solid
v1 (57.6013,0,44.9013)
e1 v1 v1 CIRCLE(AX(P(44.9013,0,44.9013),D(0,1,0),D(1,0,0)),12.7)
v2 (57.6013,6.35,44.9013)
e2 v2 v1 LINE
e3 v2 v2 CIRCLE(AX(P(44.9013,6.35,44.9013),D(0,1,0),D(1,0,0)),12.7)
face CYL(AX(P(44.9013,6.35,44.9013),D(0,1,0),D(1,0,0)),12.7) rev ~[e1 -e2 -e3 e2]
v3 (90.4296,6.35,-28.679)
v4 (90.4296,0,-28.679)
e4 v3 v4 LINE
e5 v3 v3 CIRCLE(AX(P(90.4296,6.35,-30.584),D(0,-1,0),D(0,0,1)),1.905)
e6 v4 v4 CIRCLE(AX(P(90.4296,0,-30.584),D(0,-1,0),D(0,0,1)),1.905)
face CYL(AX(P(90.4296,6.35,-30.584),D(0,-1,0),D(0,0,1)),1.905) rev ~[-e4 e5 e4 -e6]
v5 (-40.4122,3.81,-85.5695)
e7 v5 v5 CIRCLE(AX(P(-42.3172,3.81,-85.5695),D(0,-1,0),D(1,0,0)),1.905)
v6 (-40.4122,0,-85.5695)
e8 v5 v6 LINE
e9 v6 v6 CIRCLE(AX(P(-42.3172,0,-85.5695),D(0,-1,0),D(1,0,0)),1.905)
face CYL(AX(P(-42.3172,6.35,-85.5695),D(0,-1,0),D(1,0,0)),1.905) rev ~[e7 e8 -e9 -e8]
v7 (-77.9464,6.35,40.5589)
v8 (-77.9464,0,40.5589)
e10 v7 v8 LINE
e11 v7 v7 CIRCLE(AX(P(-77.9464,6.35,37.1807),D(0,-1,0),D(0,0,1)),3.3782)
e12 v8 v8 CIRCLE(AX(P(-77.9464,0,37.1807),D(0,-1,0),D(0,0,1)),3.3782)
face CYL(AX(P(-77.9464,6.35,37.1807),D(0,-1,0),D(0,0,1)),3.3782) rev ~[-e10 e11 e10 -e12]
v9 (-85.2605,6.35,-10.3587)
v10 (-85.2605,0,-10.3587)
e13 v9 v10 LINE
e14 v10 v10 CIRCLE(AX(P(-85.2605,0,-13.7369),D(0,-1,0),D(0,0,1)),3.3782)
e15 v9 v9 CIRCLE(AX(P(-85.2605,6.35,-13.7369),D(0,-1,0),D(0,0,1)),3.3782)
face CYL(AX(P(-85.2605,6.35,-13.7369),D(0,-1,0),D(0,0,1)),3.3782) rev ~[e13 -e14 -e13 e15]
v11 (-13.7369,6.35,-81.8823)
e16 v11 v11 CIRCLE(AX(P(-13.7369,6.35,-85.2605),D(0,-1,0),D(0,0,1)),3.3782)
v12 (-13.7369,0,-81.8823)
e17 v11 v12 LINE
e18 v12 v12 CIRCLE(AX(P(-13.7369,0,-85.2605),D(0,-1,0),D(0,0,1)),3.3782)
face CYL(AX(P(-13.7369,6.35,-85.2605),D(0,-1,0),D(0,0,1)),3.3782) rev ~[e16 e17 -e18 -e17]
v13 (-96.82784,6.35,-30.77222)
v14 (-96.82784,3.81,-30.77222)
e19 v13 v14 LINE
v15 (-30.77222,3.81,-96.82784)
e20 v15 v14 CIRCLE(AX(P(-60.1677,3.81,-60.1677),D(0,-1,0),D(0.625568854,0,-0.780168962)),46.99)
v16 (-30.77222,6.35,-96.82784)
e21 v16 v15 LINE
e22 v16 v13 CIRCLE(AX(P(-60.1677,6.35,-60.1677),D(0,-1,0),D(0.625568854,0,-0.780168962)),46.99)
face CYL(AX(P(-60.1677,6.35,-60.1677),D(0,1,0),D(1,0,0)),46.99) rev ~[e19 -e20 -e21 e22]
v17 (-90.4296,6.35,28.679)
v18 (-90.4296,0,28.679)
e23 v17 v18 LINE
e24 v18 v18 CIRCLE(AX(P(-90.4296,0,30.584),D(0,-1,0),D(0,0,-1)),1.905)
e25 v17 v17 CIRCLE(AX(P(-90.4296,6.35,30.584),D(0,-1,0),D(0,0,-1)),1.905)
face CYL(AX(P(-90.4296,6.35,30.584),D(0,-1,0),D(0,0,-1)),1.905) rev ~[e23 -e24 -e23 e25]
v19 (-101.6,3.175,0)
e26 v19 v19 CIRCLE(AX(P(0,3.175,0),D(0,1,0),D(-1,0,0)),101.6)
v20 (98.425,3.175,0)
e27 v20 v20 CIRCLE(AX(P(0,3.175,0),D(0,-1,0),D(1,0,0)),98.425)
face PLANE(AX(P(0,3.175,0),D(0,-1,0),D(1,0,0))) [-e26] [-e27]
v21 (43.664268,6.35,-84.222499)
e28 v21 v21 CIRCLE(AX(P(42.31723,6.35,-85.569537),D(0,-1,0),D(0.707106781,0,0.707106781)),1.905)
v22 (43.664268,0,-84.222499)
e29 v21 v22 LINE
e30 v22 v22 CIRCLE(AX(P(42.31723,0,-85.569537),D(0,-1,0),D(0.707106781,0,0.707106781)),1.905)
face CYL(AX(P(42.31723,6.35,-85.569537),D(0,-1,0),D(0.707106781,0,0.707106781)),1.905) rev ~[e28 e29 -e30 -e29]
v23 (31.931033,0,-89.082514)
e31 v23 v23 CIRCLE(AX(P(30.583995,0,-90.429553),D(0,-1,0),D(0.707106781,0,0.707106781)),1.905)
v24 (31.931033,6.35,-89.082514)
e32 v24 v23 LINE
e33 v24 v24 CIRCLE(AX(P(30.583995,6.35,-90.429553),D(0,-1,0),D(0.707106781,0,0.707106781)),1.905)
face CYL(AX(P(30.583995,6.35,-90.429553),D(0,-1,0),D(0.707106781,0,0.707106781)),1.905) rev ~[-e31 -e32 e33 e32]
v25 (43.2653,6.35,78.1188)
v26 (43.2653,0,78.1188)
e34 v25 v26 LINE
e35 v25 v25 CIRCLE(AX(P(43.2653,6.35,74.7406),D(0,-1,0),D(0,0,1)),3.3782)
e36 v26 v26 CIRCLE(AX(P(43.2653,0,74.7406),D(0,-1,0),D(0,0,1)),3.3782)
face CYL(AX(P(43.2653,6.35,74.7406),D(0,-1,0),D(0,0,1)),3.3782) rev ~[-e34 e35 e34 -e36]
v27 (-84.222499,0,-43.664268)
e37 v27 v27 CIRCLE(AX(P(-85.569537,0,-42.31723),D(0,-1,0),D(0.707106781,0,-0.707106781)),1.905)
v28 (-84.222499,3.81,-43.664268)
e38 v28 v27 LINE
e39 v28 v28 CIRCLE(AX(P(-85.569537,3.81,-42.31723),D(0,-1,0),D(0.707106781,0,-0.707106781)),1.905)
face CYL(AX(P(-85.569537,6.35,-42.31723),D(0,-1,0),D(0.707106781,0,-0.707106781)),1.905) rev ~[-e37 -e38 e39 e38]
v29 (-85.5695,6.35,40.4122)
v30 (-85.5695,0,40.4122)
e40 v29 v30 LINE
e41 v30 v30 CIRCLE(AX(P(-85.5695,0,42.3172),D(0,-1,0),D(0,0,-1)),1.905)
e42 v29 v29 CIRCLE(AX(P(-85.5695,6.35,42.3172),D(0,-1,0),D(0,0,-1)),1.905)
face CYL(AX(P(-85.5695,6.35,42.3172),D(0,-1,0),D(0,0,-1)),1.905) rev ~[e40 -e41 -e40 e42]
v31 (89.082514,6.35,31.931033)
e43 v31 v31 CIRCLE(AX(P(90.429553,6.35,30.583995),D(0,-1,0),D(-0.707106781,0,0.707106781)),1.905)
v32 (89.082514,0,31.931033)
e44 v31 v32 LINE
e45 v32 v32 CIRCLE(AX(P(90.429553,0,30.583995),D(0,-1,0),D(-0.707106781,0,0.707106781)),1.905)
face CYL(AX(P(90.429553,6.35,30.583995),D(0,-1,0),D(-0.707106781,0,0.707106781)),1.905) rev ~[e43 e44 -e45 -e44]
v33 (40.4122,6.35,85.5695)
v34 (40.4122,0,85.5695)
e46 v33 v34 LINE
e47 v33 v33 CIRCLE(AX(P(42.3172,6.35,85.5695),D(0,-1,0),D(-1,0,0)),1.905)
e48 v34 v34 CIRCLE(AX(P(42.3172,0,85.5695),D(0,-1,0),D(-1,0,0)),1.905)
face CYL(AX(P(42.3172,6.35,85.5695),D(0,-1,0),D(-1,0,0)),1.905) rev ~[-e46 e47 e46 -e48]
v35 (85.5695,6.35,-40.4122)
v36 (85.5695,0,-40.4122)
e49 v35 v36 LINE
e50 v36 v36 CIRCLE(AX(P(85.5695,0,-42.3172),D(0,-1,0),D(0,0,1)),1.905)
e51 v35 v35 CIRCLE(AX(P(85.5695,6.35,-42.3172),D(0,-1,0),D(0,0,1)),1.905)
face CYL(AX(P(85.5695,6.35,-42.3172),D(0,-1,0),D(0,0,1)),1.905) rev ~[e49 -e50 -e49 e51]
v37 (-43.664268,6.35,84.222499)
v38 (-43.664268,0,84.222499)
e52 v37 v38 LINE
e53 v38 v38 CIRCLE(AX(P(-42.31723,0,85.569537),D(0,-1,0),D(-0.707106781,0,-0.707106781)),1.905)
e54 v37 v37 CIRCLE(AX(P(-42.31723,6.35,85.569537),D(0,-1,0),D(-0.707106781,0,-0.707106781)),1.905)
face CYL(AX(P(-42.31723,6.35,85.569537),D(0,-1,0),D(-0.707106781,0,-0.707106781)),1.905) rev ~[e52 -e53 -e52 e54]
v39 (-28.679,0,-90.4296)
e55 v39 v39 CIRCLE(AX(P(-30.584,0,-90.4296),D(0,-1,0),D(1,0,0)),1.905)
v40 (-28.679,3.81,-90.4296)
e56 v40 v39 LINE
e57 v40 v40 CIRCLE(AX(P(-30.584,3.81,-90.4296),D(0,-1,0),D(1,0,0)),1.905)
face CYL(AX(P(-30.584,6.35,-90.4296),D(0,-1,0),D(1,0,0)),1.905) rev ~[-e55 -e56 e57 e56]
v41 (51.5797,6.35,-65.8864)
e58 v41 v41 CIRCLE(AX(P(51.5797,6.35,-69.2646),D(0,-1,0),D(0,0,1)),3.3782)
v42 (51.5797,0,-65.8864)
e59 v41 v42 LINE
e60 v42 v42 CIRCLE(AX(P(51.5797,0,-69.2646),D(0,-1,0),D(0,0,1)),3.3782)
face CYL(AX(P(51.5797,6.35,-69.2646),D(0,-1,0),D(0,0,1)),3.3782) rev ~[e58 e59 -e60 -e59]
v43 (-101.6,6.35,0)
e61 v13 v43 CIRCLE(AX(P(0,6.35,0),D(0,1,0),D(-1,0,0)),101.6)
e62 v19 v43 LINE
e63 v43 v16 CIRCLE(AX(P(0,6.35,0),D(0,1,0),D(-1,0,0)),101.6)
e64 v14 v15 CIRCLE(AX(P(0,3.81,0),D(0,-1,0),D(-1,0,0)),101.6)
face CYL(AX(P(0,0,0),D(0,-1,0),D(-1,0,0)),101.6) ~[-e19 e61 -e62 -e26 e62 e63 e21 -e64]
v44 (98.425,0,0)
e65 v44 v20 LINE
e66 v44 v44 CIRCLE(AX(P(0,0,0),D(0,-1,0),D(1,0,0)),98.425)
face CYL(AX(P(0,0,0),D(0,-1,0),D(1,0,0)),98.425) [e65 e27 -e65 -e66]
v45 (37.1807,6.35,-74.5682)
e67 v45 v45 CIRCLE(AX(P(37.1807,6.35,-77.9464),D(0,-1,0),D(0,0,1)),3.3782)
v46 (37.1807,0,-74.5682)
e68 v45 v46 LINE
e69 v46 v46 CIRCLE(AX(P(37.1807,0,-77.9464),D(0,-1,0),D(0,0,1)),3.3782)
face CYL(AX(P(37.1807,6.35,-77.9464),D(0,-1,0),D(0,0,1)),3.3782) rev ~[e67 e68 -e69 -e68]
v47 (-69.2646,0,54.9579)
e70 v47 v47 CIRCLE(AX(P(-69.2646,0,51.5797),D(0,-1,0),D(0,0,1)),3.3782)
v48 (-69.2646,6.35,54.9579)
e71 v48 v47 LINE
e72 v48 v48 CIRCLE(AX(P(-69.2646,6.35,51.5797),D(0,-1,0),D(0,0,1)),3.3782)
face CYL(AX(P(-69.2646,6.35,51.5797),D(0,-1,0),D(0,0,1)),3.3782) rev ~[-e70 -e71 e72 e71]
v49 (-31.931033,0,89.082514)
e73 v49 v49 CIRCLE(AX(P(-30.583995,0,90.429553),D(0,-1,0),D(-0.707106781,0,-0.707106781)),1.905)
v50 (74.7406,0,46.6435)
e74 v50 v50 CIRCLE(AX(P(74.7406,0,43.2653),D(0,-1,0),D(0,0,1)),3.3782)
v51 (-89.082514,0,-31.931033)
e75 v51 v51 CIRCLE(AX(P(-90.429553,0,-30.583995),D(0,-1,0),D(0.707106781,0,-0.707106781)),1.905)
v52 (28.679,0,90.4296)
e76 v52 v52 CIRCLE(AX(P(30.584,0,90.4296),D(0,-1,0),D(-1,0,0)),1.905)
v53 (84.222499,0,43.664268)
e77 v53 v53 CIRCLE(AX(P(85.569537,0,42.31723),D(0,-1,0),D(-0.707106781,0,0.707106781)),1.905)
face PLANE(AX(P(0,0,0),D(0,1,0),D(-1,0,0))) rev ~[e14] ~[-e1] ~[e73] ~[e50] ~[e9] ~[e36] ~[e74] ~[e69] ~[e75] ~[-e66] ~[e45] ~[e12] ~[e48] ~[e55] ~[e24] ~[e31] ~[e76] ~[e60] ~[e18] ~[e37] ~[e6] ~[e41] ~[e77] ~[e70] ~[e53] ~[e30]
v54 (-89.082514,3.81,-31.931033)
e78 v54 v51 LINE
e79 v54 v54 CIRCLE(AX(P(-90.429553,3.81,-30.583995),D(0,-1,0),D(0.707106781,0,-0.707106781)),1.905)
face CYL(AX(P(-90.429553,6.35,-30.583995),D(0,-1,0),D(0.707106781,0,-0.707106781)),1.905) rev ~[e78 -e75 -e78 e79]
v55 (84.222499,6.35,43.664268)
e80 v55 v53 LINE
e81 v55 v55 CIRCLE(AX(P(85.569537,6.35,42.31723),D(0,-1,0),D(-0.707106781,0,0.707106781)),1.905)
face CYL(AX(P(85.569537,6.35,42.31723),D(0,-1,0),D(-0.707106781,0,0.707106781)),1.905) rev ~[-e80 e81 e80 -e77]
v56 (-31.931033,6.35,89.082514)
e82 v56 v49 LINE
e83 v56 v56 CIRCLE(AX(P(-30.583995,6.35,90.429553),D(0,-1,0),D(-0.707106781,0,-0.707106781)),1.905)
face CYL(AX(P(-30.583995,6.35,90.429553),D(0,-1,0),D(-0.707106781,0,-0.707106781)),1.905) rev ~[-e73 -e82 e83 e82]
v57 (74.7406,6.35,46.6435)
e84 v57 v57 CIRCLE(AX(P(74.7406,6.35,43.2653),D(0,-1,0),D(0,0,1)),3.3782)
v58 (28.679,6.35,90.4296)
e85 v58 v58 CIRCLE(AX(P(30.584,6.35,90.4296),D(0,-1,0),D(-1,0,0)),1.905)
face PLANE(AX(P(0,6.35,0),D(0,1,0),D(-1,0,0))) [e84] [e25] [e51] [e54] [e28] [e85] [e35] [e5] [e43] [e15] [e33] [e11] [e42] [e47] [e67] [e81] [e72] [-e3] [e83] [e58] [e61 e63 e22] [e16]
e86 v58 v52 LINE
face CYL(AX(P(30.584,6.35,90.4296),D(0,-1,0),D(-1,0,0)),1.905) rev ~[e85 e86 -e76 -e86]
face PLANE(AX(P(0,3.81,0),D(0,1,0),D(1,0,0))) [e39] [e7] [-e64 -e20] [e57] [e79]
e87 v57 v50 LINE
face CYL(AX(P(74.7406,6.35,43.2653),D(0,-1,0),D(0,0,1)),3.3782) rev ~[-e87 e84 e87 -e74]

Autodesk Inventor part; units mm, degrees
ref_plane "YZ Plane" through (0, 0, 0) normal (1, 0, 0) x (0, 1, 0)
ref_plane "XZ Plane" through (0, 0, 0) normal (0, 1, 0) x (-1, 0, 0)
ref_plane "XY Plane" through (0, 0, 0) normal (0, 0, 1) x (1, 0, 0)
sketch "Sketch1" plane through (0, 0, 0) normal (0, 1, 0) x (-1, 0, 0)
  circle A0 centre (0, 0) radius 101.6
  dimension "d0" = 203.2
extrude "Extrusion1" add sketch "Sketch1" along normal blind 6.35
sketch "Sketch3" plane through (0, 6.35, 0) normal (0, 1, 0) x (1, 0, 0)
  line L0 (0, 0) -> (87.9995, 36.4506) construction
  line L1 (0, 0) -> (95.25, 0) construction
  line L2 (87.9995, 36.4506) -> (90.4296, 30.584) construction
  point P0 (85.5695, 42.3172)
  point P1 (85.5695, 42.3172)
  dimension "d14" = 95.25
  dimension "d15" = 22.5
  dimension "d16" = 6.35
  dimension "d17" = 90
hole "Hole2" at (90.4296, 6.35, -30.584) at (85.5695, 6.35, -42.3172) direction (0, -1, 0) diameter 3.81 depth 8.8646 tip angle 118 clearance for "Flat Head Machine Screw (82)" size "#6" standard "Ansi Unified Screw Threads"
pattern_circular "Circular Pattern2" count 8 over 360 about axis through (0, 0, 0) along (0, 1, 0) of "Hole2"
sketch "Sketch5" plane through (0, 0, 0) normal (0, -1, 0) x (1, 0, 0)
  circle A0 centre (0, 0) radius 101.6
  circle A1 centre (0, 0) radius 101.6
  circle A2 centre (0, 0) radius 98.425
  dimension "d31" = 196.85
extrude "Extrusion3" cut sketch "Sketch5" against normal blind 3.175
sketch "Sketch6" plane through (0, 6.35, 0) normal (0, 1, 0) x (1, 0, 0)
  line L0 (0, 0) -> (71.842, -71.842) construction
  line L1 (0, 0) -> (101.6, 0) construction
  line L2 (71.842, -71.842) -> (44.9013, -44.9013) construction
  circle A0 centre (44.9013, -44.9013) radius 12.7
  dimension "d39" = 101.6
  dimension "d40" = 45
  dimension "d41" = 38.1
  dimension "d42" = 25.4
extrude "Extrusion4" cut sketch "Sketch6" against normal blind 25.4
sketch "Sketch8" plane through (0, 6.35, 0) normal (0, 1, 0) x (1, 0, 0)
  circle A0 centre (44.9013, -44.9013) radius 12.7 construction
  line L0 (44.9013, -44.9013) -> (-60.1677, 60.1677) construction
  line L1 (44.9013, -44.9013) -> (193.4913, -44.9013) construction
  circle A1 centre (-60.1677, 60.1677) radius 46.99
  point P0 (0, 0)
  dimension "d64" = 148.59
  dimension "d65" = 135
  dimension "d66" = 93.98
sketch "Sketch7" plane through (0, 6.35, 0) normal (0, 1, 0) x (1, 0, 0)
  circle A0 centre (44.9013, -44.9013) radius 12.7 construction
  line L0 (44.9013, -44.9013) -> (0, 0) construction
  line L1 (44.9013, -44.9013) -> (-23.5283, 23.5283) construction
  line L2 (44.9013, -44.9013) -> (141.6753, -44.9013) construction
  circle A1 centre (-23.5283, 23.5283) radius 139.7 construction
  line L3 (-23.5283, 23.5283) -> (4.7102, 160.3445)
  line L4 (-23.5283, 23.5283) -> (116.1717, 23.5283) construction
  line L5 (-23.5283, 23.5283) -> (-160.3445, -4.7102)
  circle A2 centre (0, 0) radius 83.82 construction
  line L6 (0, 0) -> (-83.82, 0) construction
  line L7 (0, 0) -> (0, 83.82) construction
  line L8 (0, 0) -> (83.82, 0) construction
  line L9 (0, 0) -> (0, -83.82) construction
  dimension "d45" = 63.5
  dimension "d46" = 96.774
  dimension "d47" = 135
  dimension "d48" = 279.4
  dimension "d49" = 139.7
  dimension "d50" = 281.662
  dimension "d56" = 167.64
hole "Hole3" [suppressed]
extrude "Extrusion6" cut sketch "Sketch8" against normal blind 2.54
sketch "Sketch11" plane through (0, 6.35, 0) normal (0, 1, 0) x (1, 0, 0)
  circle A0 centre (44.9013, -44.9013) radius 12.7 projected
  line L0 (44.9013, -44.9013) -> (-22.7556, 22.7556) construction
  line L1 (44.9013, -44.9013) -> (140.5826, -44.9013) construction
  circle A1 centre (0, 0) radius 86.36 construction
  arc A2 (-96.8278, 30.7722) -> (-30.7722, 96.8278) centre (0, 0) ccw projected
  line L2 (-22.7556, 22.7556) -> (-22.556, -104.2442) construction
  line L3 (-22.7556, 22.7556) -> (-167.6337, -24.8282)
  line L4 (-22.7556, 22.7556) -> (-15.9096, -104.0597) construction
  circle A3 centre (-22.7556, 22.7556) radius 127 construction
  line L5 (-22.7556, 22.7556) -> (-29.2029, -104.0806) construction
  line L6 (-22.7556, 22.7556) -> (-145.323, -10.5045) construction
  line L7 (-22.7556, 22.7556) -> (-141.175, -23.134) construction
  circle A4 centre (-145.323, -10.5045) radius 64.77 construction
  circle A5 centre (-141.175, -23.134) radius 64.77 construction
  circle A6 centre (-29.2029, -104.0806) radius 66.04 construction
  circle A7 centre (-15.9096, -104.0597) radius 66.04 construction
  point P0 (-85.2605, 13.7369)
  point P1 (-77.9464, -37.1807)
  point P2 (43.2653, -74.7406)
  point P3 (-69.2646, -51.5797)
  point P4 (-13.7369, 85.2605)
  point P5 (37.1807, 77.9464)
  point P6 (74.7406, -43.2653)
  point P7 (51.5797, 69.2646)
  dimension "d117" = 129.54
  dimension "d118" = 132.08
  dimension "d109" = 135
  dimension "d110" = 95.6813
  dimension "d111" = 172.72
  dimension "d112" = 44.91
  dimension "d113" = 116.818
  dimension "d114" = 3
  dimension "d115" = 254
  dimension "d116" = 3
hole "Hole5" at (-85.2605, 6.35, -13.7369) at (-77.9464, 6.35, 37.1807) at (43.2653, 6.35, 74.7406) at (-69.2646, 6.35, 51.5797) at (37.1807, 6.35, -77.9464) at (51.5797, 6.35, -69.2646) at (-13.7369, 6.35, -85.2605) at (74.7406, 6.35, 43.2653) direction (0, -1, 0) diameter 6.7564 depth 25.4 tip angle 118 clearance for "Flat Head Machine Screw (82)" size "1/4" standard "Ansi Unified Screw Threads"
properties part number "4K sheild top" material "Copper"
